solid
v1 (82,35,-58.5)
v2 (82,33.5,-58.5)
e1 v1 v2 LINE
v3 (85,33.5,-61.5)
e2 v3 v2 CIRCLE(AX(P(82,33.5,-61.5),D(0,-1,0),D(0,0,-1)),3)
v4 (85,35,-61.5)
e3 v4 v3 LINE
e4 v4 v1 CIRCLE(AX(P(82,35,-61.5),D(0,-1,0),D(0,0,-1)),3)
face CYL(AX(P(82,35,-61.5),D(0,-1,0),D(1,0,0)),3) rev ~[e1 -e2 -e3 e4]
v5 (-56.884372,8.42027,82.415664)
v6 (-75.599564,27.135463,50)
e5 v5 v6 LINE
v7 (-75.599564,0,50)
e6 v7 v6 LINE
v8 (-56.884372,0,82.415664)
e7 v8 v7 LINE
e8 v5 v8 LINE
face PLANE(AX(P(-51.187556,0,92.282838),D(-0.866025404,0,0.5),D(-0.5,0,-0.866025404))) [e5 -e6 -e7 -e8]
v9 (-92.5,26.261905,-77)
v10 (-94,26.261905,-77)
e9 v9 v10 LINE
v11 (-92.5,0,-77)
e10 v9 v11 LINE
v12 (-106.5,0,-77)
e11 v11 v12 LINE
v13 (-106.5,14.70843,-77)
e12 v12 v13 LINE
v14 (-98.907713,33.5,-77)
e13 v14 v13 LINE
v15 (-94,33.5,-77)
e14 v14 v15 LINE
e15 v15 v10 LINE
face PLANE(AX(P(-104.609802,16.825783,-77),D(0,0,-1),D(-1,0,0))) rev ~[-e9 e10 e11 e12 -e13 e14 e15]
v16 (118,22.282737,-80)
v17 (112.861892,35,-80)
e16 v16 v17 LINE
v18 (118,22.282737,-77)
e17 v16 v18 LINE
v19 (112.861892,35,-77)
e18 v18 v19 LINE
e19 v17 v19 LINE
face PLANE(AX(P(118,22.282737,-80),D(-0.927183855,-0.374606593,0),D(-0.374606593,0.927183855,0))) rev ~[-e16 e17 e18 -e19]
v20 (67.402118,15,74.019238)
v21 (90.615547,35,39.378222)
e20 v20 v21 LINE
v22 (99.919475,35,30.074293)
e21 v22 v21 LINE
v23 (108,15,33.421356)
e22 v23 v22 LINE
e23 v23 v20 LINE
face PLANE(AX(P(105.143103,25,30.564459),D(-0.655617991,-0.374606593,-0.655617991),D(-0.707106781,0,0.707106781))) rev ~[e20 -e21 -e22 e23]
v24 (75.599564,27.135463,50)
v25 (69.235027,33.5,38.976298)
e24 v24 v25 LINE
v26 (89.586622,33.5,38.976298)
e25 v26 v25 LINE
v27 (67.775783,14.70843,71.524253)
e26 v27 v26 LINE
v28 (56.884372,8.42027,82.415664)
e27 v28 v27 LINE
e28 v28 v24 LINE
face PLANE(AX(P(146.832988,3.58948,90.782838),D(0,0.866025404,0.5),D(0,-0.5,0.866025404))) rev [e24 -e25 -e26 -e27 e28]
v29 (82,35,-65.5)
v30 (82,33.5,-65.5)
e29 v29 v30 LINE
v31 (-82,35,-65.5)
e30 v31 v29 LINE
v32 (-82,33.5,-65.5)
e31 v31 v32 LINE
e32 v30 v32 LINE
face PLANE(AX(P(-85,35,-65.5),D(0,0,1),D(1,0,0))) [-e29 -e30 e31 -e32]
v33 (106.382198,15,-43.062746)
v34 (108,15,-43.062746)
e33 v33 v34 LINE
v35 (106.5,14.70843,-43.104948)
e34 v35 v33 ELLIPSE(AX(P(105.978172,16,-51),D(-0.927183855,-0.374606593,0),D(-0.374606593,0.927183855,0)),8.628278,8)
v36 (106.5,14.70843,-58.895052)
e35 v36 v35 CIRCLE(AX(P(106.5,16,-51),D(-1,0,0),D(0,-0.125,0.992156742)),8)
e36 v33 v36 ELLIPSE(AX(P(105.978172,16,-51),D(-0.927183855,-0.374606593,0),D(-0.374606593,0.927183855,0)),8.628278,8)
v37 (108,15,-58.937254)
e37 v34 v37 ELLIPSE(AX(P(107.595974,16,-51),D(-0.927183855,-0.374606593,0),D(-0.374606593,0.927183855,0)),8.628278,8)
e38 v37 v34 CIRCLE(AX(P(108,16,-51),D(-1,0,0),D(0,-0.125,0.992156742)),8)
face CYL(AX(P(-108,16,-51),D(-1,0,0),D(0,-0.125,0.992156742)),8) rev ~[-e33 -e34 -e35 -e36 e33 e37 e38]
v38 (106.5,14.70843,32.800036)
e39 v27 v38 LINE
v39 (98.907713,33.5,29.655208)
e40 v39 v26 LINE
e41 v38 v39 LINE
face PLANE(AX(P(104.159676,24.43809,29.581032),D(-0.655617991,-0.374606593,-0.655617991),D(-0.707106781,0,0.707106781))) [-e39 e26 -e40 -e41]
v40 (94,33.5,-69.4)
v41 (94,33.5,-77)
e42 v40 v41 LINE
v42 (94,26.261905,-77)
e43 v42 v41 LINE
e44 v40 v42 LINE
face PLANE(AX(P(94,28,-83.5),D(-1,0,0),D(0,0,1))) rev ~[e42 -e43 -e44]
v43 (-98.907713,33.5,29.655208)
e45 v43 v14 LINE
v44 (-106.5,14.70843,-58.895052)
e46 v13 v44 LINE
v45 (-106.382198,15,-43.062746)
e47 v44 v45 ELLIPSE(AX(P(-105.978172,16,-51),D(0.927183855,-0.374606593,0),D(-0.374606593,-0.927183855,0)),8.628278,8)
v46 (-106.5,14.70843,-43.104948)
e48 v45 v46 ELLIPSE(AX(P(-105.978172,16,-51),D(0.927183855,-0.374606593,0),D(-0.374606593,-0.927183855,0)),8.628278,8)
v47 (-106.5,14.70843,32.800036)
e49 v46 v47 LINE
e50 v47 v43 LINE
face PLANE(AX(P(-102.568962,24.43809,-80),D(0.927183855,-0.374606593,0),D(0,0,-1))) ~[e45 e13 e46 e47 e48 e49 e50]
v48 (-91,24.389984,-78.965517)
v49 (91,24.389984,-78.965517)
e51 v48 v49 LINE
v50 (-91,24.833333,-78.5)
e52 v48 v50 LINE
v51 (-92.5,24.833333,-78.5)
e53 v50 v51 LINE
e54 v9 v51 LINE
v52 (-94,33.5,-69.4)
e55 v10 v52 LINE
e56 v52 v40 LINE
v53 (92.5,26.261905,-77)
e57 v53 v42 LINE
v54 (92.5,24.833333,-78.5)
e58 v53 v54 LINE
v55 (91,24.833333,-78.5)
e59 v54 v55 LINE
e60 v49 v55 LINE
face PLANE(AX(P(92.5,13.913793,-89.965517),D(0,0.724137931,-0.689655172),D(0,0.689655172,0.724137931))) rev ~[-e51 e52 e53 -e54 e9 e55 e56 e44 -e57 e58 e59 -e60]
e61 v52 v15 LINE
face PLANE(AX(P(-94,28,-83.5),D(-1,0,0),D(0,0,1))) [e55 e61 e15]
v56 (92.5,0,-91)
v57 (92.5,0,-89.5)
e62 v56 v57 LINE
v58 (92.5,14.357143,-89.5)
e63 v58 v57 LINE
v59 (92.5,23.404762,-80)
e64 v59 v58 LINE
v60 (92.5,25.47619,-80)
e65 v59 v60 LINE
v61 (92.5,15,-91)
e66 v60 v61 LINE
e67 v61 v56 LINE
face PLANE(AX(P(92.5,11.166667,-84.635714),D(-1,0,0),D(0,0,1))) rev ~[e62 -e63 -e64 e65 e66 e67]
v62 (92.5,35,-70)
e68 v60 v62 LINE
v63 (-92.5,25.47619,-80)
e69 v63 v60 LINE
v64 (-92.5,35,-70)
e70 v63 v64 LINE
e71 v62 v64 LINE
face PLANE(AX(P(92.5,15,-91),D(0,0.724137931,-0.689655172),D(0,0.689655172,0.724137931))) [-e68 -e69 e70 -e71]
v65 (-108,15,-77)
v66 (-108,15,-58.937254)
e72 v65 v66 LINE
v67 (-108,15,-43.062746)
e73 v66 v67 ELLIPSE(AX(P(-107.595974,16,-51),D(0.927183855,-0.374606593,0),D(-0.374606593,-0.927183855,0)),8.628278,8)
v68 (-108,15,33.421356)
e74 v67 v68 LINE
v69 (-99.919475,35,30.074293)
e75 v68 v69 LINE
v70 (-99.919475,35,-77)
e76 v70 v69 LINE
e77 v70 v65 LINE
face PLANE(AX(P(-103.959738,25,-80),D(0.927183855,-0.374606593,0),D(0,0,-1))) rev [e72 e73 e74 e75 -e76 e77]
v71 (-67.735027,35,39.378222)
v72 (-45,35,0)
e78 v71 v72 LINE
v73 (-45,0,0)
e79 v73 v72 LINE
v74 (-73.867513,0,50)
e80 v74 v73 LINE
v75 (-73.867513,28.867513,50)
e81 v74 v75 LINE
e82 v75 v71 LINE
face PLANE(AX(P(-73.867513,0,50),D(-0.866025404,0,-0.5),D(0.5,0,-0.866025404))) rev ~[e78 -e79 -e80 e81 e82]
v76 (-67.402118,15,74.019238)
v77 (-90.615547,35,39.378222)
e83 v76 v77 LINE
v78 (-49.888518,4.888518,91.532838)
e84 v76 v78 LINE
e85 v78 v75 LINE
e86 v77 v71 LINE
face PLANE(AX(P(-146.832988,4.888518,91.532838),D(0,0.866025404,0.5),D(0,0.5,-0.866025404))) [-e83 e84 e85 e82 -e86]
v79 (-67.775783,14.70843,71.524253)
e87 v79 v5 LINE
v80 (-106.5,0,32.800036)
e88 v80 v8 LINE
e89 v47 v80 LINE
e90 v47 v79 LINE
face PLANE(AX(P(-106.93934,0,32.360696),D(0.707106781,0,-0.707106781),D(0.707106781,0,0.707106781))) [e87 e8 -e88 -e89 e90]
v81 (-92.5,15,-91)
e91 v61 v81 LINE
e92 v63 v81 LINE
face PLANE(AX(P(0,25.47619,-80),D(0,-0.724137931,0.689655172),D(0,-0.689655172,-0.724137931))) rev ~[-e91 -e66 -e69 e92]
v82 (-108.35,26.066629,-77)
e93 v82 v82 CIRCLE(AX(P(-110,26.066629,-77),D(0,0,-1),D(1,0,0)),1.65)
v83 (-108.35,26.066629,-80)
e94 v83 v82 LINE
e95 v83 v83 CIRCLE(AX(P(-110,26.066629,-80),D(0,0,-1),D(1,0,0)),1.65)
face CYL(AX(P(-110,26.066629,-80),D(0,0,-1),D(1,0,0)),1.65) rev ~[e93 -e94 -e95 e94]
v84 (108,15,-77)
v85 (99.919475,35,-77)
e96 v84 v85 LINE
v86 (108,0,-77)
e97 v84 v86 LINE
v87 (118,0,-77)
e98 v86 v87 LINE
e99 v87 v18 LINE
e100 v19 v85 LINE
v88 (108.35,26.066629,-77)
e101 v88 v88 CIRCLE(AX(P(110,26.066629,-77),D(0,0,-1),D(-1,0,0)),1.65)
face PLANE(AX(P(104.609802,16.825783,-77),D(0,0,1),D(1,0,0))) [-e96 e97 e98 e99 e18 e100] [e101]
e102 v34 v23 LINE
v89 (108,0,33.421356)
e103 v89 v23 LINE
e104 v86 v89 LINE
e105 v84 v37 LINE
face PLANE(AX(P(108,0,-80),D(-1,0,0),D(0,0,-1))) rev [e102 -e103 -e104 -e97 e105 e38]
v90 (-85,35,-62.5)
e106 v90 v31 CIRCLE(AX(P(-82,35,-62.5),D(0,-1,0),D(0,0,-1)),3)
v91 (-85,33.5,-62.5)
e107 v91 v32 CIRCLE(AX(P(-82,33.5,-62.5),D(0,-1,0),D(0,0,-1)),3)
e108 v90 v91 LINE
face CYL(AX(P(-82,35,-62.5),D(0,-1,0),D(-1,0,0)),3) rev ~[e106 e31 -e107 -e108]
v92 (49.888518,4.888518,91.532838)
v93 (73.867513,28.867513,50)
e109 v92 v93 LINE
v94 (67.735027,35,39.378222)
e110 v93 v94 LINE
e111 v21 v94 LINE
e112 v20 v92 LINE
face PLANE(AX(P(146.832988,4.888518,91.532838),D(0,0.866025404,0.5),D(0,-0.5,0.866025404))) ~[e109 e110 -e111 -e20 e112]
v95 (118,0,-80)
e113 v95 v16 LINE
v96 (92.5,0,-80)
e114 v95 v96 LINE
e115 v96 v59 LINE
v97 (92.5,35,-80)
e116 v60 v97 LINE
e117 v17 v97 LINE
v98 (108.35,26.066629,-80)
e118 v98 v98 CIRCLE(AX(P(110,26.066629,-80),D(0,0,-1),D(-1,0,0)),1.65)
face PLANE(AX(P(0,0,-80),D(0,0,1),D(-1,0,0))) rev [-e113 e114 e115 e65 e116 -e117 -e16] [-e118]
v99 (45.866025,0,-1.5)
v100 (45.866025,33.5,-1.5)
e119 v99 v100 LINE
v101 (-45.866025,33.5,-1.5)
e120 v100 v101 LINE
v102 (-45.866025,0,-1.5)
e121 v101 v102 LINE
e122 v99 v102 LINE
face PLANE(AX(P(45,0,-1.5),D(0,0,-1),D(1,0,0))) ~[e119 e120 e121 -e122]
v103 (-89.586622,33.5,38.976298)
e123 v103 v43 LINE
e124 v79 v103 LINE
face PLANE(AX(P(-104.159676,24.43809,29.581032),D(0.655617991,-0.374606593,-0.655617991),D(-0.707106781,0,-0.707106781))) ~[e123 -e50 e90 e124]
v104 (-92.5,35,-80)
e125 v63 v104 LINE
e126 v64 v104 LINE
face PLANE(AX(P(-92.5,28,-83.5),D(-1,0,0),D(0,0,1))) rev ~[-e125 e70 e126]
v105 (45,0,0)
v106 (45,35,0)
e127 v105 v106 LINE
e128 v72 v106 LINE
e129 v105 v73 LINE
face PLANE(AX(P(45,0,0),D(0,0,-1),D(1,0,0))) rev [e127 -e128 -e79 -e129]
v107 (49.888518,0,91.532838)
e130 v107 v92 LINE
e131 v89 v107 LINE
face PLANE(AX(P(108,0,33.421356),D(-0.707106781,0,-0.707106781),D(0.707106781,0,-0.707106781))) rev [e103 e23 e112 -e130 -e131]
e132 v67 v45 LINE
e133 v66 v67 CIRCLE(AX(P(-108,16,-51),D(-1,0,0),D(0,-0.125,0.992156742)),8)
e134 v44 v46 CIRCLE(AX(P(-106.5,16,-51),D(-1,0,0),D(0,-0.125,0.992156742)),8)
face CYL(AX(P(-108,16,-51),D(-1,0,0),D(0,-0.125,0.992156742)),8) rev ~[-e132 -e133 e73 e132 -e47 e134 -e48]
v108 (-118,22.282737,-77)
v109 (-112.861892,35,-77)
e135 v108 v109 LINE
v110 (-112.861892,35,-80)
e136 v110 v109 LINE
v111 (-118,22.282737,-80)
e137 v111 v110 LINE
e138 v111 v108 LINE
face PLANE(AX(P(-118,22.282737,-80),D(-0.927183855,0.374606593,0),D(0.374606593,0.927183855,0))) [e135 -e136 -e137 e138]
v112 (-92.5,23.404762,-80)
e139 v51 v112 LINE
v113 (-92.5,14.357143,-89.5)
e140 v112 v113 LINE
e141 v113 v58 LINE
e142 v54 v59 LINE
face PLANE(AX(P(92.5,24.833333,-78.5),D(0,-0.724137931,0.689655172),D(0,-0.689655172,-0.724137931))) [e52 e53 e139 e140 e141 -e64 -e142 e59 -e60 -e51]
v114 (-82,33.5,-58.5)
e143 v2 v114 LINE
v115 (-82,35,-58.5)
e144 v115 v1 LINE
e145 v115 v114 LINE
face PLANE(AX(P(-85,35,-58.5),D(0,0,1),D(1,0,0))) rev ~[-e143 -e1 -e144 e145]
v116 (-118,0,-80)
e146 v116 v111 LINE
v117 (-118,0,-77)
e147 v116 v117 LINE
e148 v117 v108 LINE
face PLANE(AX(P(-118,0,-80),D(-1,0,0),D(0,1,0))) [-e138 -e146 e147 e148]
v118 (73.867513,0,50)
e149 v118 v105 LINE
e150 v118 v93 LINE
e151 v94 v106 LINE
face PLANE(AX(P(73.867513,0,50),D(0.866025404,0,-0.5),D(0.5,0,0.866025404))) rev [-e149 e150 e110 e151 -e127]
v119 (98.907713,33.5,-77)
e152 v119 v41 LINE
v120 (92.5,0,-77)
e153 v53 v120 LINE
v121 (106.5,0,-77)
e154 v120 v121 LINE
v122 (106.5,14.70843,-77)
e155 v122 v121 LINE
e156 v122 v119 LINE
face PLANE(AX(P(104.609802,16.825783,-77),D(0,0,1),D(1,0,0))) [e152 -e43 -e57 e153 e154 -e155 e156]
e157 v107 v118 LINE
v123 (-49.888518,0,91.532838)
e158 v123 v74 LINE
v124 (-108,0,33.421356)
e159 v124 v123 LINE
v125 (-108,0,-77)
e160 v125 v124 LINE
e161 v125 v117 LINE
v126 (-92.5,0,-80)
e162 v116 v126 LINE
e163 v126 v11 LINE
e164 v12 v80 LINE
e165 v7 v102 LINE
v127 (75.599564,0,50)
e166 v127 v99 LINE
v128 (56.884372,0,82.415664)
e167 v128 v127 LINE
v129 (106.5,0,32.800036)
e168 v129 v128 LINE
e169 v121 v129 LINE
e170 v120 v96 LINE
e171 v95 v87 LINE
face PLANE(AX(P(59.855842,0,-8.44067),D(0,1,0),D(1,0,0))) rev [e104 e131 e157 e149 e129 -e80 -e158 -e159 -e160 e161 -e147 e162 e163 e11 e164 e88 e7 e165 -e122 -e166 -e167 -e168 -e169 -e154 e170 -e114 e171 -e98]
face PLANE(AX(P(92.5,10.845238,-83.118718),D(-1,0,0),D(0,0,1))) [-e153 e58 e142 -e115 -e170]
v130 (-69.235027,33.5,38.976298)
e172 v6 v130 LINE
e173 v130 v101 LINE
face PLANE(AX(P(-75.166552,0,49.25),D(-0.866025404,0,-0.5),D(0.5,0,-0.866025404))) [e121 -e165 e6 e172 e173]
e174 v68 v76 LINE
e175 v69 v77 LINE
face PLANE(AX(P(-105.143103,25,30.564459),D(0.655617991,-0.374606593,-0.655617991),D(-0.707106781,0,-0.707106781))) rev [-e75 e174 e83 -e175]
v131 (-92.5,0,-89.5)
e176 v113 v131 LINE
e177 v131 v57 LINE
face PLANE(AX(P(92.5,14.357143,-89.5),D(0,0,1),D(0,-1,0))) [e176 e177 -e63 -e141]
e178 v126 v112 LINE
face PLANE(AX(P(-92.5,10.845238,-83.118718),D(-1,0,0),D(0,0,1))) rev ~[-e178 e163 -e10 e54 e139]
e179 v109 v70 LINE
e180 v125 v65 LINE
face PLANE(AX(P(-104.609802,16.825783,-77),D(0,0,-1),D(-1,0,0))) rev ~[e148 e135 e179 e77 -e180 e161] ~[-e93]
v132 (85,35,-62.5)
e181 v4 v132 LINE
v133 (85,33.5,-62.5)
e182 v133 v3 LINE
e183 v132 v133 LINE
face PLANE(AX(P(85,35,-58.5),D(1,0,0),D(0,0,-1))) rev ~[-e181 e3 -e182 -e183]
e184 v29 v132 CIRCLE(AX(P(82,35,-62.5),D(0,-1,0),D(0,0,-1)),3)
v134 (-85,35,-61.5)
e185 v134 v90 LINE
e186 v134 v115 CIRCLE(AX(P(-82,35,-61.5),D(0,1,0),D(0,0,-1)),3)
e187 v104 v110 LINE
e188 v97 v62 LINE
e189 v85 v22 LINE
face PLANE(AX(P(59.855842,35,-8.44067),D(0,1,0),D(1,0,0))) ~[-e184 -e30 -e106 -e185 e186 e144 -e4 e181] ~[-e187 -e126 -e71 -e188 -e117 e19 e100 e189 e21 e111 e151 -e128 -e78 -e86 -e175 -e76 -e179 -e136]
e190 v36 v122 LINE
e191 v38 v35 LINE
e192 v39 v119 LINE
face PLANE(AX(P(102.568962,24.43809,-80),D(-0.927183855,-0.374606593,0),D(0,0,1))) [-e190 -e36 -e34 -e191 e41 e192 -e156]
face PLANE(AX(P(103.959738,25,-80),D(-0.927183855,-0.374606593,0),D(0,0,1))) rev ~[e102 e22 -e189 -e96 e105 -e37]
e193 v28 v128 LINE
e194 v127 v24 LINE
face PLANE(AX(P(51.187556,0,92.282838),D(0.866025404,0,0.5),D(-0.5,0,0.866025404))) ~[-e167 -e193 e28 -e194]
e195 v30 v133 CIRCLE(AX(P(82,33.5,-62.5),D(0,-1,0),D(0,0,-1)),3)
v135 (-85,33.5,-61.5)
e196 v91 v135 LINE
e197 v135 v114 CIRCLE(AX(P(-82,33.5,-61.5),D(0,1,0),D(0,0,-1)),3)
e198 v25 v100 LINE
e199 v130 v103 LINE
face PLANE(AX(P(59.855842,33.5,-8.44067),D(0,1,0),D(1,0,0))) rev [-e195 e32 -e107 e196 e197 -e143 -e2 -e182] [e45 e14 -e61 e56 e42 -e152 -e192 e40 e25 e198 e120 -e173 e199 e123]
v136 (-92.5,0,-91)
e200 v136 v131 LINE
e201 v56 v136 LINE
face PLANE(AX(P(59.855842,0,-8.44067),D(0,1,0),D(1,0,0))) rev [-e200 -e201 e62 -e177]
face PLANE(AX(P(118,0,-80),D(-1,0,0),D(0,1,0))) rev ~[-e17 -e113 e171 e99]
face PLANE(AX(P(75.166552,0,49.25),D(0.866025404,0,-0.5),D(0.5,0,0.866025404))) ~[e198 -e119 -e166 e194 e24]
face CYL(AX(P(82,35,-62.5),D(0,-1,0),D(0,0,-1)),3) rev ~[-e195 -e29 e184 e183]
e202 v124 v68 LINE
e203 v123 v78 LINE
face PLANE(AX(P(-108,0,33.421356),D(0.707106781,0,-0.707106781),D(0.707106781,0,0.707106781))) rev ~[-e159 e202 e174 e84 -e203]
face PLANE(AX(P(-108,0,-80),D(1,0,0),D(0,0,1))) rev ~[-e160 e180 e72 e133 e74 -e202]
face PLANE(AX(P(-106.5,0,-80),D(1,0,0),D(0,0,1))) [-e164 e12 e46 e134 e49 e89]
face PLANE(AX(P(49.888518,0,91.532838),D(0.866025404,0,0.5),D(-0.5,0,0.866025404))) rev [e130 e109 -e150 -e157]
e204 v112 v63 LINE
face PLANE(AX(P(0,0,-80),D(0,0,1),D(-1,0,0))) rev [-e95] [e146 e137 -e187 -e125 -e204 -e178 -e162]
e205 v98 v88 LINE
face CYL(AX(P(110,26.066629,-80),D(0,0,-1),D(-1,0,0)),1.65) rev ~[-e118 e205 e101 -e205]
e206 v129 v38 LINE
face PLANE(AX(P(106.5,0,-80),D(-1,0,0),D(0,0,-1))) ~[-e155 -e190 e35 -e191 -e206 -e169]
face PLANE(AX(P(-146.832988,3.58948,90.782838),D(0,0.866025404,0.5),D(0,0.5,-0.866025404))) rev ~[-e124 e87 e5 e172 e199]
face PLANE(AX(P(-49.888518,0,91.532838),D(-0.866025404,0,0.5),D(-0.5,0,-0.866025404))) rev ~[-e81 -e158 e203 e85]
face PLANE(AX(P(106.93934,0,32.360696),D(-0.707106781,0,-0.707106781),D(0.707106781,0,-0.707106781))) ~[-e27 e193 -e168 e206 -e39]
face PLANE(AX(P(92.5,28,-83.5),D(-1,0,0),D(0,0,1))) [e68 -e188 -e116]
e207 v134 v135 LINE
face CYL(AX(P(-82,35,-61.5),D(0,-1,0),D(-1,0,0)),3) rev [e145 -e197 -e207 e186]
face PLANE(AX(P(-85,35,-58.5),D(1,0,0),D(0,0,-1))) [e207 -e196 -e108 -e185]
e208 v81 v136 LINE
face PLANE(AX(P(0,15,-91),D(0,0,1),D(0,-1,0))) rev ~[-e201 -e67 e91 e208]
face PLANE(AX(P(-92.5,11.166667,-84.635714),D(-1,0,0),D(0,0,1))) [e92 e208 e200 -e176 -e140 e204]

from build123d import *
from OCP.BRepFilletAPI import BRepFilletAPI_MakeChamfer

# Parameters (mm, degrees)
BOSS_EXTRU_1_DEPTH           = 35
ENL_V_MAT_EXTRU_1_DEPTH      = 146.832988115
ENL_V_MAT_EXTRU_1_DEPTH_BACK = 146.832988115
CHANFREIN2_SIZE              = 20
CHANFREIN2_SIZE2             = 8.080524517
BOSS_EXTRU_2_DEPTH           = 92.5
ENL_V_MAT_EXTRU_2_DEPTH      = 185
COQUE1_T                     = -1.5
ESQUISSE5_R                  = 8
ENL_V_MAT_EXTRU_3_DEPTH      = 238.190346394
ESQUISSE6_W                  = 170
ESQUISSE6_H                  = 7
ENL_V_MAT_EXTRU_4_DEPTH      = 146.832988115
CONG_1_R                     = 3
ESQUISSE7_R                  = 1.65
BOSS_EXTRU_3_DEPTH           = 3
ENL_V_MAT_EXTRU_5_DEPTH      = 185


with BuildPart() as part:
    # Esquisse1 → Boss.-Extru.1 (new body)
    with BuildSketch(Plane(origin=(0, 0, 0), x_dir=(1, 0, 0), z_dir=(0, 1, 0))):
        Polygon((-108, -33.421356237), (-49.888518291, -91.532837946), (-73.867513459, -50), (-45, 0), (0, 0), (0, 80), (-108, 80), align=None)
    extrude(amount=BOSS_EXTRU_1_DEPTH)

    # Esquisse2 → Enlèv. mat.-Extru.1 (cut, two sides: drawn at the far end of the back side and taken through both)
    with BuildSketch(Plane(origin=(0, 0, 0), x_dir=(0, 0, -1), z_dir=(1, 0, 0)).offset(-ENL_V_MAT_EXTRU_1_DEPTH_BACK)):
        Polygon((-91.532837946, 35), (-91.532837946, 4.888518291), (-39.378221735, 35), align=None)
    extrude(amount=ENL_V_MAT_EXTRU_1_DEPTH + ENL_V_MAT_EXTRU_1_DEPTH_BACK, mode=Mode.SUBTRACT)

    # Chanfrein2: one chamfer whose edges measure the first distance from different faces: ONE call of the kernel's chamfer builder (chamfer() names one face for all edges)
    chanfrein2_edges_1 = [part.edges().sort_by_distance(p)[0] for p in [
        (-108, 35, -23.289321881),
    ]]
    chanfrein2_side_1 = [part.faces().sort_by_distance(p)[0] for p in [
        (-108, 17.5, -23.289321881),
    ]]
    chanfrein2_edges_2 = [part.edges().sort_by_distance(p)[0] for p in [
        (-105.021567251, 35, 36.399788986),
    ]]
    chanfrein2_side_2 = [part.faces().sort_by_distance(p)[0] for p in [
        (-86.283455205, 12.807012464, 55.137901032),
    ]]
    chanfrein2 = BRepFilletAPI_MakeChamfer(part.part.solid().wrapped)
    for e in chanfrein2_edges_1:
        chanfrein2.Add(CHANFREIN2_SIZE, CHANFREIN2_SIZE2, e.wrapped, chanfrein2_side_1[0].wrapped)  # the first distance lies on this face
    for e in chanfrein2_edges_2:
        chanfrein2.Add(CHANFREIN2_SIZE, CHANFREIN2_SIZE2, e.wrapped, chanfrein2_side_2[0].wrapped)  # the first distance lies on this face
    add(Compound.cast(chanfrein2.Shape()), mode=Mode.REPLACE)

    # Symétrie1: part across plane


with BuildPart() as part_1:
    add(part.part)
    add(part.part.mirror(Plane(origin=(0, 35, -80), x_dir=(0, 0, 1), z_dir=(-1, 0, 0))))

    # Esquisse3 → Boss.-Extru.2 (add, symmetric)
    with BuildSketch(Plane(origin=(0, 0, 0), x_dir=(0, 0, -1), z_dir=(1, 0, 0))):
        Polygon((80, 25.476190476), (91, 15), (91, 0), (80, 0), align=None)
    extrude(amount=BOSS_EXTRU_2_DEPTH, both=True)

    # Esquisse4 → Enlèv. mat.-Extru.2 (cut)
    with BuildSketch(Plane(origin=(92.5, 0, 0), x_dir=(0, 0, -1), z_dir=(1, 0, 0))):
        Polygon((91, 15), (70, 35), (91, 35), align=None)
    extrude(amount=-ENL_V_MAT_EXTRU_2_DEPTH, mode=Mode.SUBTRACT)

    # Coque1
    coque1_openings = [part_1.faces().sort_by_distance(p)[0] for p in [
        (0, 0, -29.297783108),
    ]]
    offset(amount=COQUE1_T, openings=coque1_openings, kind=Kind.INTERSECTION)

    # Esquisse5 → Enlèv. mat.-Extru.3 (cut, through all)
    with BuildSketch(Plane.ZY.offset(108)):
        with Locations(Location((-51, 16, 0), (0, 0, 352.819244219))):
            Circle(ESQUISSE5_R)
    extrude(amount=-ENL_V_MAT_EXTRU_3_DEPTH, mode=Mode.SUBTRACT)

    # Esquisse6 → Enlèv. mat.-Extru.4 (cut, through all)
    with BuildSketch(Plane(origin=(0, 35, 0), x_dir=(1, 0, 0), z_dir=(0, 1, 0))):
        with Locations((0, 62)):
            Rectangle(ESQUISSE6_W, ESQUISSE6_H)
    extrude(amount=-ENL_V_MAT_EXTRU_4_DEPTH, mode=Mode.SUBTRACT)

    # Congé1
    cong_1_edges = [part_1.edges().sort_by_distance(p)[0] for p in [
        (85, 34.25, -65.5),
        (85, 34.25, -58.5),
        (-85, 34.25, -58.5),
        (-85, 34.25, -65.5),
    ]]
    fillet(cong_1_edges, radius=CONG_1_R)

    # Esquisse7 → Boss.-Extru.3 (add)
    # profile 1 of 2: a face of its own
    with BuildSketch(Plane(origin=(0, 0, -80), x_dir=(-1, 0, 0), z_dir=(0, 0, -1))):
        Polygon((-92.5, 0), (-118, 0), (-118, 22.282737416), (-112.861892395, 35), (-92.5, 35), align=None)
        with Locations((-110, 26.066629268)):
            Circle(ESQUISSE7_R, mode=Mode.SUBTRACT)
    # profile 2 of 2: a face of its own
    with BuildSketch(Plane(origin=(0, 0, -80), x_dir=(-1, 0, 0), z_dir=(0, 0, -1))):
        Polygon((92.5, 0), (118, 0), (118, 22.282737416), (112.861892395, 35), (92.5, 35), align=None)
        with Locations(Location((110, 26.066629268, 0), (0, 0, 180))):
            Circle(ESQUISSE7_R, mode=Mode.SUBTRACT)
    extrude(amount=-BOSS_EXTRU_3_DEPTH)

    # Esquisse8 → Enlèv. mat.-Extru.5 (cut)
    with BuildSketch(Plane.ZY.offset(-92.5)):
        Polygon((-78.5, 0), (-78.5, 24.833333333), (-89.5, 14.357142857), (-89.5, 0), align=None)
    extrude(amount=ENL_V_MAT_EXTRU_5_DEPTH, mode=Mode.SUBTRACT)


solid = part_1.part
